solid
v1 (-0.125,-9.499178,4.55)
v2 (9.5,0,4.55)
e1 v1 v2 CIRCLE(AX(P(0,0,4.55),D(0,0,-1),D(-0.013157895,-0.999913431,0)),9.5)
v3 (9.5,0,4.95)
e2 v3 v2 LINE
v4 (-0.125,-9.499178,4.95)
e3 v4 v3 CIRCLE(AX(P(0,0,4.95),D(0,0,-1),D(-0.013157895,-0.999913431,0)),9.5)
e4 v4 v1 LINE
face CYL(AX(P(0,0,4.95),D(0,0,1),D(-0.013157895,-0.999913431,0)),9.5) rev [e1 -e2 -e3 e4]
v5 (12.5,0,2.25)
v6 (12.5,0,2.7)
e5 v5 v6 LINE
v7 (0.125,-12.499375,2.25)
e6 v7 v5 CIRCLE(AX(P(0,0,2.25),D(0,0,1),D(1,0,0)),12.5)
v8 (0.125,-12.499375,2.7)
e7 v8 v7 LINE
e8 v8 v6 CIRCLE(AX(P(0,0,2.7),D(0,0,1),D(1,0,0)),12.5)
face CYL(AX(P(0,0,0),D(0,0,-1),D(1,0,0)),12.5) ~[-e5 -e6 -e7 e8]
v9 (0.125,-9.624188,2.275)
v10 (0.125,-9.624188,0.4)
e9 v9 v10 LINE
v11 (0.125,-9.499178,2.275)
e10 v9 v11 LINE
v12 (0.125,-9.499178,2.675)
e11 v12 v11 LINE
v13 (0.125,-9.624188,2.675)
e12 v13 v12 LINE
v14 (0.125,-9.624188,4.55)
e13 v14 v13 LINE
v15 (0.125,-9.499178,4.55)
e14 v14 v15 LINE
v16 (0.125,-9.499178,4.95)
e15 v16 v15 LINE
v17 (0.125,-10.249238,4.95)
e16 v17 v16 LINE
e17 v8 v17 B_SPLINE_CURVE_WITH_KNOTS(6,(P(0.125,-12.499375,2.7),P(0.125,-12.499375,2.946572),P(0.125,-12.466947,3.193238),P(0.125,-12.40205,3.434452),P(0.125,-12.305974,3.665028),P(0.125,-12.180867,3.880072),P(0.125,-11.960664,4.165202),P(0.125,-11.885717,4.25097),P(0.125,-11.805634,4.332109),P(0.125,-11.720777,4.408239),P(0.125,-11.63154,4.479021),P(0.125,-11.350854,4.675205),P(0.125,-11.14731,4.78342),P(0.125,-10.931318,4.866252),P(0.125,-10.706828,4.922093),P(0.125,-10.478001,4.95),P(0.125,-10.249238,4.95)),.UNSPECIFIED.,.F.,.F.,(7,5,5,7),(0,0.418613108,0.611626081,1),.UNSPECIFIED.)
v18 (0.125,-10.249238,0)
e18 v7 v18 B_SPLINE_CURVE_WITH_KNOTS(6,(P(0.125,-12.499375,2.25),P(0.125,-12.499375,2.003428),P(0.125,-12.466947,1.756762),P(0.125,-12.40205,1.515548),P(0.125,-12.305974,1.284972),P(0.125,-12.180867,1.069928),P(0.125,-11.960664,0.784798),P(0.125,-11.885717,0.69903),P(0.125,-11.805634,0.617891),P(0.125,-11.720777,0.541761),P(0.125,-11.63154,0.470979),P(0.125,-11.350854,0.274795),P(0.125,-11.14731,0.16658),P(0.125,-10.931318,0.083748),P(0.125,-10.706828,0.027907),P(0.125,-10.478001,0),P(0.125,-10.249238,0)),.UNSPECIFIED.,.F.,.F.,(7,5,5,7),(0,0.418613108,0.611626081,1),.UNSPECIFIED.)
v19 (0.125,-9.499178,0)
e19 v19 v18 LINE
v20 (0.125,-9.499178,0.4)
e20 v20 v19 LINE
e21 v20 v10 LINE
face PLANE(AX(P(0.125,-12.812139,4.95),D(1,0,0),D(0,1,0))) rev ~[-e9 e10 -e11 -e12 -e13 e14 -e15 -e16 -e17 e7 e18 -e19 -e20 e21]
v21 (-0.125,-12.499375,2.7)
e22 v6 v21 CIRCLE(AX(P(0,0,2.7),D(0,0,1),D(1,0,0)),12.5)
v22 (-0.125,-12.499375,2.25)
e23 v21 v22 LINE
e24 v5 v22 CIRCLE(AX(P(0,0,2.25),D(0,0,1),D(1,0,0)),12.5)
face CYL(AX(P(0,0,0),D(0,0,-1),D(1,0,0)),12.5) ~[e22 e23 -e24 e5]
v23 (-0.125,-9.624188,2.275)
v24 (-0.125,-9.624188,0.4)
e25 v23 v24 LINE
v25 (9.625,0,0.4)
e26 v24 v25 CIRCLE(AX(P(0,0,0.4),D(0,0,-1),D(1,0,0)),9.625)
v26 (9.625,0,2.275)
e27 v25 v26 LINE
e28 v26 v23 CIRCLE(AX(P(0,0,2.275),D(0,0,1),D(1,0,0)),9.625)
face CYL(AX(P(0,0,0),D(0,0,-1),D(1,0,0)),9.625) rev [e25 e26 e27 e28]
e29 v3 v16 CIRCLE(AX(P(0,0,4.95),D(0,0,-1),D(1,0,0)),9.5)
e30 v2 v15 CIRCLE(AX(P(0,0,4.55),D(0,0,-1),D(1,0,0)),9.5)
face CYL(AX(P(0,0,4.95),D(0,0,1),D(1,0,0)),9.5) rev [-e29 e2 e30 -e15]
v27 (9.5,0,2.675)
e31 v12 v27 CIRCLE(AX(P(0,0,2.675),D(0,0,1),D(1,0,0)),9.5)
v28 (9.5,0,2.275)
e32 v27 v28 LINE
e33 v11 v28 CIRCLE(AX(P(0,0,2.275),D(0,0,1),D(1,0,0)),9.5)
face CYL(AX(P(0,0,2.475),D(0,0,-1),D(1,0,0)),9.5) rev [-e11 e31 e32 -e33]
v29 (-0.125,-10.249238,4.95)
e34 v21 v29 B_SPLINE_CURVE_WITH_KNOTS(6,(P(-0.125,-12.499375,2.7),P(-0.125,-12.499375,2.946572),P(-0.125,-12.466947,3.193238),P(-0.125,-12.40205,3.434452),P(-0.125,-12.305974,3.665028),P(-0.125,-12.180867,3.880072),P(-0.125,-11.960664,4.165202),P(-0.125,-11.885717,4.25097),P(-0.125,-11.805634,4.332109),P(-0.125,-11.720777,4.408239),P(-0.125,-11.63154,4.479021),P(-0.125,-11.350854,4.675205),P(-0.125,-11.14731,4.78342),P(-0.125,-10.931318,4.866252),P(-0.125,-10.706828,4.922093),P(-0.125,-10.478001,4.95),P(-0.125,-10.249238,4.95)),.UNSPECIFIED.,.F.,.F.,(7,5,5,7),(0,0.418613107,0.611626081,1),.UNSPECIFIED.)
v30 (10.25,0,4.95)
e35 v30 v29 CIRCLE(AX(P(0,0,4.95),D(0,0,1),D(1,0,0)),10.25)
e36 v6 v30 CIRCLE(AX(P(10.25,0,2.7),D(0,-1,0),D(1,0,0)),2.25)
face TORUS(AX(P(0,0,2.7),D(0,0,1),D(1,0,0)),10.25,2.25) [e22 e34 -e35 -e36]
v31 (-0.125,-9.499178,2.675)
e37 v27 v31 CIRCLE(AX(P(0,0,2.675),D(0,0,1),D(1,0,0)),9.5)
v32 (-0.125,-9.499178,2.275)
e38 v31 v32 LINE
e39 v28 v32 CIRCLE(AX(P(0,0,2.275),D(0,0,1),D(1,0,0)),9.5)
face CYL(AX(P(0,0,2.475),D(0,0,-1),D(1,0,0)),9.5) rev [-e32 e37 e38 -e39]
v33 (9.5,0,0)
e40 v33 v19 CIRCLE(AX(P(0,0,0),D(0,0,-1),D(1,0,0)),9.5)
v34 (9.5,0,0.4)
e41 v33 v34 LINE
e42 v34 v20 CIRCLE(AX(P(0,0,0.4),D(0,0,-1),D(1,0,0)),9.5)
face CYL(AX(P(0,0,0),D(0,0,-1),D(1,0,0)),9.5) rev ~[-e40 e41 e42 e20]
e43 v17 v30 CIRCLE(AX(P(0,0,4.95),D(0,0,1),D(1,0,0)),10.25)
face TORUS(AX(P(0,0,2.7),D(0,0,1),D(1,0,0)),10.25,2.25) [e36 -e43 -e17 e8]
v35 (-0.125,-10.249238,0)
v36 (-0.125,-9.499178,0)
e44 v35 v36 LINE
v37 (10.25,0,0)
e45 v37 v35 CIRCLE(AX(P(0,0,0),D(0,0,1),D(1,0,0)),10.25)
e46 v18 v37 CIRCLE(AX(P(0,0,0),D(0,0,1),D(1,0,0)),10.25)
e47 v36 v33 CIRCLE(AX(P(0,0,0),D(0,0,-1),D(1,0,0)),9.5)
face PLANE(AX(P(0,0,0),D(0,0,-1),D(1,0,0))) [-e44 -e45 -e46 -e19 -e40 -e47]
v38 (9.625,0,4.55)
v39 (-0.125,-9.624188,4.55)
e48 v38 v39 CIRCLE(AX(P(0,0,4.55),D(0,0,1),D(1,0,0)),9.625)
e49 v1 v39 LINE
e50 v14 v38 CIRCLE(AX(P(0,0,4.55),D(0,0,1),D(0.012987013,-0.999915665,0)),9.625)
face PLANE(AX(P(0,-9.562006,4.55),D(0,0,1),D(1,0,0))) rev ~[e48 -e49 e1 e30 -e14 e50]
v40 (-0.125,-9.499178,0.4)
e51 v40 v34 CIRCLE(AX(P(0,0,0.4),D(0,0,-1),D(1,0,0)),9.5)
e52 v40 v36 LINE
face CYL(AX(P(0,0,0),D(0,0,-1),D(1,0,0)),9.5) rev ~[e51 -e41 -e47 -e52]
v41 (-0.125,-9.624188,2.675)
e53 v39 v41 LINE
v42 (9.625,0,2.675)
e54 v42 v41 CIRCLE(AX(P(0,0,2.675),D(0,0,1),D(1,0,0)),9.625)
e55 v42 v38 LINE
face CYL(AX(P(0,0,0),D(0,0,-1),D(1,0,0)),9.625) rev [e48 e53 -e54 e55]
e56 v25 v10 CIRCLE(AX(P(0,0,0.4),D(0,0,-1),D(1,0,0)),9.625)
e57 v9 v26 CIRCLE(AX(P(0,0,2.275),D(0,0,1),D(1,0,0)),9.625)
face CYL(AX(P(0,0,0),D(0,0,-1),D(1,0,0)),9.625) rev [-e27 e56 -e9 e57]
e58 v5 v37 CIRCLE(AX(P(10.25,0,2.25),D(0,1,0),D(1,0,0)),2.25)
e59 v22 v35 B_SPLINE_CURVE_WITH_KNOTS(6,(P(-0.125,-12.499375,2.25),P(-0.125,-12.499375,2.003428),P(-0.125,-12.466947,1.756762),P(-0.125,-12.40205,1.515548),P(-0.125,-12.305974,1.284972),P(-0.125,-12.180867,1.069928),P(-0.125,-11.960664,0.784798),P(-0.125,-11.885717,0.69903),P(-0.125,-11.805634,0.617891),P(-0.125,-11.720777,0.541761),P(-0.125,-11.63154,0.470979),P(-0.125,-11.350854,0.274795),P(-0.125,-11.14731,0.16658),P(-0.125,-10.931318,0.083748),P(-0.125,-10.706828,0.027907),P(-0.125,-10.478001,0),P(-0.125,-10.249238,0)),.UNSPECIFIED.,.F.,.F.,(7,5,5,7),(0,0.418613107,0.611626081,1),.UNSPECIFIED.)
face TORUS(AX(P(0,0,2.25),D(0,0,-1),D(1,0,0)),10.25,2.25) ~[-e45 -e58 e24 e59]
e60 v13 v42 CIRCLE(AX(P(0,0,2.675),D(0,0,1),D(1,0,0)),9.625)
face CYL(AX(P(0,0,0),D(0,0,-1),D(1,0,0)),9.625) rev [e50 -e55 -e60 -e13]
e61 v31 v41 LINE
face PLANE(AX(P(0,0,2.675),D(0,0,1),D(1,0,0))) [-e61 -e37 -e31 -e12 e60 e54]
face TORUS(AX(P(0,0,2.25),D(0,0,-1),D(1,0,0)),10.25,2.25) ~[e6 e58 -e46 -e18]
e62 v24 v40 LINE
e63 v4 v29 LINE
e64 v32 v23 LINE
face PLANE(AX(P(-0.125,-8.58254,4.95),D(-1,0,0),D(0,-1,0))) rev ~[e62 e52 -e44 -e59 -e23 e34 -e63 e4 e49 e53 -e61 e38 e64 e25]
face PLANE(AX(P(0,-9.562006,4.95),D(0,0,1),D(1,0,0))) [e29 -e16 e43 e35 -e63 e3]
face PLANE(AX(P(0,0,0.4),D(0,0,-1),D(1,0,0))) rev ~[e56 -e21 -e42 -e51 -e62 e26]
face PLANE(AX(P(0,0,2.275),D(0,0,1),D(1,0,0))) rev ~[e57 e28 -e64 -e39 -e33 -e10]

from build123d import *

# Parameters (mm, degrees)
F0_R      = 12.5
F0_R_2    = 9.625
F1_DEPTH  = 4.95
F2_R      = 2.25
F4_R      = 9.625
F4_R_2    = 9.5
F5_DEPTH  = 0.2
F7_R      = 9.625
F7_R_2    = 9.5
F8_DEPTH  = 0.4
F11_DEPTH = 0.4
F12_DEPTH = 25


with BuildPart() as f1:
    # F0 (on Top) → F1 (new body)
    with BuildSketch(Plane.XY):
        Circle(F0_R)
        Circle(F0_R_2, mode=Mode.SUBTRACT)
    extrude(amount=F1_DEPTH)

    # F2
    f2_edges = [f1.edges().sort_by_distance(p)[0] for p in [
        (-12.5, 0, 4.95),
        (-12.5, 0, 0),
    ]]
    fillet(f2_edges, radius=F2_R)

    # F4 (on offset) → F5 (join, symmetric)
    with BuildSketch(Plane.XY.offset(2.475)):
        Circle(F4_R)
        Circle(F4_R_2, mode=Mode.SUBTRACT)
    extrude(amount=F5_DEPTH, both=True)

    # F7 (on offset) → F8 (join)
    with BuildSketch(Plane(origin=(0, 0, 0), x_dir=(1, 0, 0), z_dir=(0, 0, -1))):
        Circle(F7_R)
        Circle(F7_R_2, mode=Mode.SUBTRACT)
    extrude(amount=-F8_DEPTH)

    # F10 (on offset) → F11 (join)
    with BuildSketch(Plane.XY.offset(4.95)):
        with BuildLine():
            ThreePointArc((0.125, -9.499177596), (0, -9.5), (-0.125, -9.499177596))
            Line((-0.125, -9.499177596), (-0.125, -9.6241882775))
            ThreePointArc((-0.125, -9.6241882775), (0, -9.625), (0.125, -9.6241882775))
            Line((0.125, -9.6241882775), (0.125, -9.499177596))
        make_face()
        with BuildLine():
            ThreePointArc((-0.125, -9.499177596), (-6.6731739075, 6.7615641681), (9.5, 0))
            ThreePointArc((9.5, 0), (6.7615641681, -6.6731739075), (0.125, -9.499177596))
            Line((0.125, -9.499177596), (0.125, -9.6241882775))
            ThreePointArc((0.125, -9.6241882775), (6.8499543794, -6.7615641681), (9.625, 0))
            ThreePointArc((9.625, 0), (-6.7615641681, 6.8499543794), (-0.125, -9.6241882775))
            Line((-0.125, -9.6241882775), (-0.125, -9.499177596))
        make_face()
    extrude(amount=-F11_DEPTH)

    # F10 (on offset) → F12 (cut)
    with BuildSketch(Plane.XY.offset(4.95)):
        with BuildLine():
            ThreePointArc((0.125, -9.6241882775), (0, -9.625), (-0.125, -9.6241882775))
            Line((-0.125, -9.6241882775), (-0.125, -12.8121394664))
            Line((-0.125, -12.8121394664), (0.125, -12.8121394664))
            Line((0.125, -12.8121394664), (0.125, -9.6241882775))
        make_face()
        with BuildLine():
            ThreePointArc((0.125, -9.499177596), (0, -9.5), (-0.125, -9.499177596))
            Line((-0.125, -9.499177596), (-0.125, -9.6241882775))
            ThreePointArc((-0.125, -9.6241882775), (0, -9.625), (0.125, -9.6241882775))
            Line((0.125, -9.6241882775), (0.125, -9.499177596))
        make_face()
        with BuildLine():
            Line((-0.125, -8.5825398564), (-0.125, -9.499177596))
            ThreePointArc((-0.125, -9.499177596), (0, -9.5), (0.125, -9.499177596))
            Line((0.125, -9.499177596), (0.125, -8.5825398564))
            Line((0.125, -8.5825398564), (-0.125, -8.5825398564))
        make_face()
    extrude(amount=-F12_DEPTH, mode=Mode.SUBTRACT)


solid = f1.part
